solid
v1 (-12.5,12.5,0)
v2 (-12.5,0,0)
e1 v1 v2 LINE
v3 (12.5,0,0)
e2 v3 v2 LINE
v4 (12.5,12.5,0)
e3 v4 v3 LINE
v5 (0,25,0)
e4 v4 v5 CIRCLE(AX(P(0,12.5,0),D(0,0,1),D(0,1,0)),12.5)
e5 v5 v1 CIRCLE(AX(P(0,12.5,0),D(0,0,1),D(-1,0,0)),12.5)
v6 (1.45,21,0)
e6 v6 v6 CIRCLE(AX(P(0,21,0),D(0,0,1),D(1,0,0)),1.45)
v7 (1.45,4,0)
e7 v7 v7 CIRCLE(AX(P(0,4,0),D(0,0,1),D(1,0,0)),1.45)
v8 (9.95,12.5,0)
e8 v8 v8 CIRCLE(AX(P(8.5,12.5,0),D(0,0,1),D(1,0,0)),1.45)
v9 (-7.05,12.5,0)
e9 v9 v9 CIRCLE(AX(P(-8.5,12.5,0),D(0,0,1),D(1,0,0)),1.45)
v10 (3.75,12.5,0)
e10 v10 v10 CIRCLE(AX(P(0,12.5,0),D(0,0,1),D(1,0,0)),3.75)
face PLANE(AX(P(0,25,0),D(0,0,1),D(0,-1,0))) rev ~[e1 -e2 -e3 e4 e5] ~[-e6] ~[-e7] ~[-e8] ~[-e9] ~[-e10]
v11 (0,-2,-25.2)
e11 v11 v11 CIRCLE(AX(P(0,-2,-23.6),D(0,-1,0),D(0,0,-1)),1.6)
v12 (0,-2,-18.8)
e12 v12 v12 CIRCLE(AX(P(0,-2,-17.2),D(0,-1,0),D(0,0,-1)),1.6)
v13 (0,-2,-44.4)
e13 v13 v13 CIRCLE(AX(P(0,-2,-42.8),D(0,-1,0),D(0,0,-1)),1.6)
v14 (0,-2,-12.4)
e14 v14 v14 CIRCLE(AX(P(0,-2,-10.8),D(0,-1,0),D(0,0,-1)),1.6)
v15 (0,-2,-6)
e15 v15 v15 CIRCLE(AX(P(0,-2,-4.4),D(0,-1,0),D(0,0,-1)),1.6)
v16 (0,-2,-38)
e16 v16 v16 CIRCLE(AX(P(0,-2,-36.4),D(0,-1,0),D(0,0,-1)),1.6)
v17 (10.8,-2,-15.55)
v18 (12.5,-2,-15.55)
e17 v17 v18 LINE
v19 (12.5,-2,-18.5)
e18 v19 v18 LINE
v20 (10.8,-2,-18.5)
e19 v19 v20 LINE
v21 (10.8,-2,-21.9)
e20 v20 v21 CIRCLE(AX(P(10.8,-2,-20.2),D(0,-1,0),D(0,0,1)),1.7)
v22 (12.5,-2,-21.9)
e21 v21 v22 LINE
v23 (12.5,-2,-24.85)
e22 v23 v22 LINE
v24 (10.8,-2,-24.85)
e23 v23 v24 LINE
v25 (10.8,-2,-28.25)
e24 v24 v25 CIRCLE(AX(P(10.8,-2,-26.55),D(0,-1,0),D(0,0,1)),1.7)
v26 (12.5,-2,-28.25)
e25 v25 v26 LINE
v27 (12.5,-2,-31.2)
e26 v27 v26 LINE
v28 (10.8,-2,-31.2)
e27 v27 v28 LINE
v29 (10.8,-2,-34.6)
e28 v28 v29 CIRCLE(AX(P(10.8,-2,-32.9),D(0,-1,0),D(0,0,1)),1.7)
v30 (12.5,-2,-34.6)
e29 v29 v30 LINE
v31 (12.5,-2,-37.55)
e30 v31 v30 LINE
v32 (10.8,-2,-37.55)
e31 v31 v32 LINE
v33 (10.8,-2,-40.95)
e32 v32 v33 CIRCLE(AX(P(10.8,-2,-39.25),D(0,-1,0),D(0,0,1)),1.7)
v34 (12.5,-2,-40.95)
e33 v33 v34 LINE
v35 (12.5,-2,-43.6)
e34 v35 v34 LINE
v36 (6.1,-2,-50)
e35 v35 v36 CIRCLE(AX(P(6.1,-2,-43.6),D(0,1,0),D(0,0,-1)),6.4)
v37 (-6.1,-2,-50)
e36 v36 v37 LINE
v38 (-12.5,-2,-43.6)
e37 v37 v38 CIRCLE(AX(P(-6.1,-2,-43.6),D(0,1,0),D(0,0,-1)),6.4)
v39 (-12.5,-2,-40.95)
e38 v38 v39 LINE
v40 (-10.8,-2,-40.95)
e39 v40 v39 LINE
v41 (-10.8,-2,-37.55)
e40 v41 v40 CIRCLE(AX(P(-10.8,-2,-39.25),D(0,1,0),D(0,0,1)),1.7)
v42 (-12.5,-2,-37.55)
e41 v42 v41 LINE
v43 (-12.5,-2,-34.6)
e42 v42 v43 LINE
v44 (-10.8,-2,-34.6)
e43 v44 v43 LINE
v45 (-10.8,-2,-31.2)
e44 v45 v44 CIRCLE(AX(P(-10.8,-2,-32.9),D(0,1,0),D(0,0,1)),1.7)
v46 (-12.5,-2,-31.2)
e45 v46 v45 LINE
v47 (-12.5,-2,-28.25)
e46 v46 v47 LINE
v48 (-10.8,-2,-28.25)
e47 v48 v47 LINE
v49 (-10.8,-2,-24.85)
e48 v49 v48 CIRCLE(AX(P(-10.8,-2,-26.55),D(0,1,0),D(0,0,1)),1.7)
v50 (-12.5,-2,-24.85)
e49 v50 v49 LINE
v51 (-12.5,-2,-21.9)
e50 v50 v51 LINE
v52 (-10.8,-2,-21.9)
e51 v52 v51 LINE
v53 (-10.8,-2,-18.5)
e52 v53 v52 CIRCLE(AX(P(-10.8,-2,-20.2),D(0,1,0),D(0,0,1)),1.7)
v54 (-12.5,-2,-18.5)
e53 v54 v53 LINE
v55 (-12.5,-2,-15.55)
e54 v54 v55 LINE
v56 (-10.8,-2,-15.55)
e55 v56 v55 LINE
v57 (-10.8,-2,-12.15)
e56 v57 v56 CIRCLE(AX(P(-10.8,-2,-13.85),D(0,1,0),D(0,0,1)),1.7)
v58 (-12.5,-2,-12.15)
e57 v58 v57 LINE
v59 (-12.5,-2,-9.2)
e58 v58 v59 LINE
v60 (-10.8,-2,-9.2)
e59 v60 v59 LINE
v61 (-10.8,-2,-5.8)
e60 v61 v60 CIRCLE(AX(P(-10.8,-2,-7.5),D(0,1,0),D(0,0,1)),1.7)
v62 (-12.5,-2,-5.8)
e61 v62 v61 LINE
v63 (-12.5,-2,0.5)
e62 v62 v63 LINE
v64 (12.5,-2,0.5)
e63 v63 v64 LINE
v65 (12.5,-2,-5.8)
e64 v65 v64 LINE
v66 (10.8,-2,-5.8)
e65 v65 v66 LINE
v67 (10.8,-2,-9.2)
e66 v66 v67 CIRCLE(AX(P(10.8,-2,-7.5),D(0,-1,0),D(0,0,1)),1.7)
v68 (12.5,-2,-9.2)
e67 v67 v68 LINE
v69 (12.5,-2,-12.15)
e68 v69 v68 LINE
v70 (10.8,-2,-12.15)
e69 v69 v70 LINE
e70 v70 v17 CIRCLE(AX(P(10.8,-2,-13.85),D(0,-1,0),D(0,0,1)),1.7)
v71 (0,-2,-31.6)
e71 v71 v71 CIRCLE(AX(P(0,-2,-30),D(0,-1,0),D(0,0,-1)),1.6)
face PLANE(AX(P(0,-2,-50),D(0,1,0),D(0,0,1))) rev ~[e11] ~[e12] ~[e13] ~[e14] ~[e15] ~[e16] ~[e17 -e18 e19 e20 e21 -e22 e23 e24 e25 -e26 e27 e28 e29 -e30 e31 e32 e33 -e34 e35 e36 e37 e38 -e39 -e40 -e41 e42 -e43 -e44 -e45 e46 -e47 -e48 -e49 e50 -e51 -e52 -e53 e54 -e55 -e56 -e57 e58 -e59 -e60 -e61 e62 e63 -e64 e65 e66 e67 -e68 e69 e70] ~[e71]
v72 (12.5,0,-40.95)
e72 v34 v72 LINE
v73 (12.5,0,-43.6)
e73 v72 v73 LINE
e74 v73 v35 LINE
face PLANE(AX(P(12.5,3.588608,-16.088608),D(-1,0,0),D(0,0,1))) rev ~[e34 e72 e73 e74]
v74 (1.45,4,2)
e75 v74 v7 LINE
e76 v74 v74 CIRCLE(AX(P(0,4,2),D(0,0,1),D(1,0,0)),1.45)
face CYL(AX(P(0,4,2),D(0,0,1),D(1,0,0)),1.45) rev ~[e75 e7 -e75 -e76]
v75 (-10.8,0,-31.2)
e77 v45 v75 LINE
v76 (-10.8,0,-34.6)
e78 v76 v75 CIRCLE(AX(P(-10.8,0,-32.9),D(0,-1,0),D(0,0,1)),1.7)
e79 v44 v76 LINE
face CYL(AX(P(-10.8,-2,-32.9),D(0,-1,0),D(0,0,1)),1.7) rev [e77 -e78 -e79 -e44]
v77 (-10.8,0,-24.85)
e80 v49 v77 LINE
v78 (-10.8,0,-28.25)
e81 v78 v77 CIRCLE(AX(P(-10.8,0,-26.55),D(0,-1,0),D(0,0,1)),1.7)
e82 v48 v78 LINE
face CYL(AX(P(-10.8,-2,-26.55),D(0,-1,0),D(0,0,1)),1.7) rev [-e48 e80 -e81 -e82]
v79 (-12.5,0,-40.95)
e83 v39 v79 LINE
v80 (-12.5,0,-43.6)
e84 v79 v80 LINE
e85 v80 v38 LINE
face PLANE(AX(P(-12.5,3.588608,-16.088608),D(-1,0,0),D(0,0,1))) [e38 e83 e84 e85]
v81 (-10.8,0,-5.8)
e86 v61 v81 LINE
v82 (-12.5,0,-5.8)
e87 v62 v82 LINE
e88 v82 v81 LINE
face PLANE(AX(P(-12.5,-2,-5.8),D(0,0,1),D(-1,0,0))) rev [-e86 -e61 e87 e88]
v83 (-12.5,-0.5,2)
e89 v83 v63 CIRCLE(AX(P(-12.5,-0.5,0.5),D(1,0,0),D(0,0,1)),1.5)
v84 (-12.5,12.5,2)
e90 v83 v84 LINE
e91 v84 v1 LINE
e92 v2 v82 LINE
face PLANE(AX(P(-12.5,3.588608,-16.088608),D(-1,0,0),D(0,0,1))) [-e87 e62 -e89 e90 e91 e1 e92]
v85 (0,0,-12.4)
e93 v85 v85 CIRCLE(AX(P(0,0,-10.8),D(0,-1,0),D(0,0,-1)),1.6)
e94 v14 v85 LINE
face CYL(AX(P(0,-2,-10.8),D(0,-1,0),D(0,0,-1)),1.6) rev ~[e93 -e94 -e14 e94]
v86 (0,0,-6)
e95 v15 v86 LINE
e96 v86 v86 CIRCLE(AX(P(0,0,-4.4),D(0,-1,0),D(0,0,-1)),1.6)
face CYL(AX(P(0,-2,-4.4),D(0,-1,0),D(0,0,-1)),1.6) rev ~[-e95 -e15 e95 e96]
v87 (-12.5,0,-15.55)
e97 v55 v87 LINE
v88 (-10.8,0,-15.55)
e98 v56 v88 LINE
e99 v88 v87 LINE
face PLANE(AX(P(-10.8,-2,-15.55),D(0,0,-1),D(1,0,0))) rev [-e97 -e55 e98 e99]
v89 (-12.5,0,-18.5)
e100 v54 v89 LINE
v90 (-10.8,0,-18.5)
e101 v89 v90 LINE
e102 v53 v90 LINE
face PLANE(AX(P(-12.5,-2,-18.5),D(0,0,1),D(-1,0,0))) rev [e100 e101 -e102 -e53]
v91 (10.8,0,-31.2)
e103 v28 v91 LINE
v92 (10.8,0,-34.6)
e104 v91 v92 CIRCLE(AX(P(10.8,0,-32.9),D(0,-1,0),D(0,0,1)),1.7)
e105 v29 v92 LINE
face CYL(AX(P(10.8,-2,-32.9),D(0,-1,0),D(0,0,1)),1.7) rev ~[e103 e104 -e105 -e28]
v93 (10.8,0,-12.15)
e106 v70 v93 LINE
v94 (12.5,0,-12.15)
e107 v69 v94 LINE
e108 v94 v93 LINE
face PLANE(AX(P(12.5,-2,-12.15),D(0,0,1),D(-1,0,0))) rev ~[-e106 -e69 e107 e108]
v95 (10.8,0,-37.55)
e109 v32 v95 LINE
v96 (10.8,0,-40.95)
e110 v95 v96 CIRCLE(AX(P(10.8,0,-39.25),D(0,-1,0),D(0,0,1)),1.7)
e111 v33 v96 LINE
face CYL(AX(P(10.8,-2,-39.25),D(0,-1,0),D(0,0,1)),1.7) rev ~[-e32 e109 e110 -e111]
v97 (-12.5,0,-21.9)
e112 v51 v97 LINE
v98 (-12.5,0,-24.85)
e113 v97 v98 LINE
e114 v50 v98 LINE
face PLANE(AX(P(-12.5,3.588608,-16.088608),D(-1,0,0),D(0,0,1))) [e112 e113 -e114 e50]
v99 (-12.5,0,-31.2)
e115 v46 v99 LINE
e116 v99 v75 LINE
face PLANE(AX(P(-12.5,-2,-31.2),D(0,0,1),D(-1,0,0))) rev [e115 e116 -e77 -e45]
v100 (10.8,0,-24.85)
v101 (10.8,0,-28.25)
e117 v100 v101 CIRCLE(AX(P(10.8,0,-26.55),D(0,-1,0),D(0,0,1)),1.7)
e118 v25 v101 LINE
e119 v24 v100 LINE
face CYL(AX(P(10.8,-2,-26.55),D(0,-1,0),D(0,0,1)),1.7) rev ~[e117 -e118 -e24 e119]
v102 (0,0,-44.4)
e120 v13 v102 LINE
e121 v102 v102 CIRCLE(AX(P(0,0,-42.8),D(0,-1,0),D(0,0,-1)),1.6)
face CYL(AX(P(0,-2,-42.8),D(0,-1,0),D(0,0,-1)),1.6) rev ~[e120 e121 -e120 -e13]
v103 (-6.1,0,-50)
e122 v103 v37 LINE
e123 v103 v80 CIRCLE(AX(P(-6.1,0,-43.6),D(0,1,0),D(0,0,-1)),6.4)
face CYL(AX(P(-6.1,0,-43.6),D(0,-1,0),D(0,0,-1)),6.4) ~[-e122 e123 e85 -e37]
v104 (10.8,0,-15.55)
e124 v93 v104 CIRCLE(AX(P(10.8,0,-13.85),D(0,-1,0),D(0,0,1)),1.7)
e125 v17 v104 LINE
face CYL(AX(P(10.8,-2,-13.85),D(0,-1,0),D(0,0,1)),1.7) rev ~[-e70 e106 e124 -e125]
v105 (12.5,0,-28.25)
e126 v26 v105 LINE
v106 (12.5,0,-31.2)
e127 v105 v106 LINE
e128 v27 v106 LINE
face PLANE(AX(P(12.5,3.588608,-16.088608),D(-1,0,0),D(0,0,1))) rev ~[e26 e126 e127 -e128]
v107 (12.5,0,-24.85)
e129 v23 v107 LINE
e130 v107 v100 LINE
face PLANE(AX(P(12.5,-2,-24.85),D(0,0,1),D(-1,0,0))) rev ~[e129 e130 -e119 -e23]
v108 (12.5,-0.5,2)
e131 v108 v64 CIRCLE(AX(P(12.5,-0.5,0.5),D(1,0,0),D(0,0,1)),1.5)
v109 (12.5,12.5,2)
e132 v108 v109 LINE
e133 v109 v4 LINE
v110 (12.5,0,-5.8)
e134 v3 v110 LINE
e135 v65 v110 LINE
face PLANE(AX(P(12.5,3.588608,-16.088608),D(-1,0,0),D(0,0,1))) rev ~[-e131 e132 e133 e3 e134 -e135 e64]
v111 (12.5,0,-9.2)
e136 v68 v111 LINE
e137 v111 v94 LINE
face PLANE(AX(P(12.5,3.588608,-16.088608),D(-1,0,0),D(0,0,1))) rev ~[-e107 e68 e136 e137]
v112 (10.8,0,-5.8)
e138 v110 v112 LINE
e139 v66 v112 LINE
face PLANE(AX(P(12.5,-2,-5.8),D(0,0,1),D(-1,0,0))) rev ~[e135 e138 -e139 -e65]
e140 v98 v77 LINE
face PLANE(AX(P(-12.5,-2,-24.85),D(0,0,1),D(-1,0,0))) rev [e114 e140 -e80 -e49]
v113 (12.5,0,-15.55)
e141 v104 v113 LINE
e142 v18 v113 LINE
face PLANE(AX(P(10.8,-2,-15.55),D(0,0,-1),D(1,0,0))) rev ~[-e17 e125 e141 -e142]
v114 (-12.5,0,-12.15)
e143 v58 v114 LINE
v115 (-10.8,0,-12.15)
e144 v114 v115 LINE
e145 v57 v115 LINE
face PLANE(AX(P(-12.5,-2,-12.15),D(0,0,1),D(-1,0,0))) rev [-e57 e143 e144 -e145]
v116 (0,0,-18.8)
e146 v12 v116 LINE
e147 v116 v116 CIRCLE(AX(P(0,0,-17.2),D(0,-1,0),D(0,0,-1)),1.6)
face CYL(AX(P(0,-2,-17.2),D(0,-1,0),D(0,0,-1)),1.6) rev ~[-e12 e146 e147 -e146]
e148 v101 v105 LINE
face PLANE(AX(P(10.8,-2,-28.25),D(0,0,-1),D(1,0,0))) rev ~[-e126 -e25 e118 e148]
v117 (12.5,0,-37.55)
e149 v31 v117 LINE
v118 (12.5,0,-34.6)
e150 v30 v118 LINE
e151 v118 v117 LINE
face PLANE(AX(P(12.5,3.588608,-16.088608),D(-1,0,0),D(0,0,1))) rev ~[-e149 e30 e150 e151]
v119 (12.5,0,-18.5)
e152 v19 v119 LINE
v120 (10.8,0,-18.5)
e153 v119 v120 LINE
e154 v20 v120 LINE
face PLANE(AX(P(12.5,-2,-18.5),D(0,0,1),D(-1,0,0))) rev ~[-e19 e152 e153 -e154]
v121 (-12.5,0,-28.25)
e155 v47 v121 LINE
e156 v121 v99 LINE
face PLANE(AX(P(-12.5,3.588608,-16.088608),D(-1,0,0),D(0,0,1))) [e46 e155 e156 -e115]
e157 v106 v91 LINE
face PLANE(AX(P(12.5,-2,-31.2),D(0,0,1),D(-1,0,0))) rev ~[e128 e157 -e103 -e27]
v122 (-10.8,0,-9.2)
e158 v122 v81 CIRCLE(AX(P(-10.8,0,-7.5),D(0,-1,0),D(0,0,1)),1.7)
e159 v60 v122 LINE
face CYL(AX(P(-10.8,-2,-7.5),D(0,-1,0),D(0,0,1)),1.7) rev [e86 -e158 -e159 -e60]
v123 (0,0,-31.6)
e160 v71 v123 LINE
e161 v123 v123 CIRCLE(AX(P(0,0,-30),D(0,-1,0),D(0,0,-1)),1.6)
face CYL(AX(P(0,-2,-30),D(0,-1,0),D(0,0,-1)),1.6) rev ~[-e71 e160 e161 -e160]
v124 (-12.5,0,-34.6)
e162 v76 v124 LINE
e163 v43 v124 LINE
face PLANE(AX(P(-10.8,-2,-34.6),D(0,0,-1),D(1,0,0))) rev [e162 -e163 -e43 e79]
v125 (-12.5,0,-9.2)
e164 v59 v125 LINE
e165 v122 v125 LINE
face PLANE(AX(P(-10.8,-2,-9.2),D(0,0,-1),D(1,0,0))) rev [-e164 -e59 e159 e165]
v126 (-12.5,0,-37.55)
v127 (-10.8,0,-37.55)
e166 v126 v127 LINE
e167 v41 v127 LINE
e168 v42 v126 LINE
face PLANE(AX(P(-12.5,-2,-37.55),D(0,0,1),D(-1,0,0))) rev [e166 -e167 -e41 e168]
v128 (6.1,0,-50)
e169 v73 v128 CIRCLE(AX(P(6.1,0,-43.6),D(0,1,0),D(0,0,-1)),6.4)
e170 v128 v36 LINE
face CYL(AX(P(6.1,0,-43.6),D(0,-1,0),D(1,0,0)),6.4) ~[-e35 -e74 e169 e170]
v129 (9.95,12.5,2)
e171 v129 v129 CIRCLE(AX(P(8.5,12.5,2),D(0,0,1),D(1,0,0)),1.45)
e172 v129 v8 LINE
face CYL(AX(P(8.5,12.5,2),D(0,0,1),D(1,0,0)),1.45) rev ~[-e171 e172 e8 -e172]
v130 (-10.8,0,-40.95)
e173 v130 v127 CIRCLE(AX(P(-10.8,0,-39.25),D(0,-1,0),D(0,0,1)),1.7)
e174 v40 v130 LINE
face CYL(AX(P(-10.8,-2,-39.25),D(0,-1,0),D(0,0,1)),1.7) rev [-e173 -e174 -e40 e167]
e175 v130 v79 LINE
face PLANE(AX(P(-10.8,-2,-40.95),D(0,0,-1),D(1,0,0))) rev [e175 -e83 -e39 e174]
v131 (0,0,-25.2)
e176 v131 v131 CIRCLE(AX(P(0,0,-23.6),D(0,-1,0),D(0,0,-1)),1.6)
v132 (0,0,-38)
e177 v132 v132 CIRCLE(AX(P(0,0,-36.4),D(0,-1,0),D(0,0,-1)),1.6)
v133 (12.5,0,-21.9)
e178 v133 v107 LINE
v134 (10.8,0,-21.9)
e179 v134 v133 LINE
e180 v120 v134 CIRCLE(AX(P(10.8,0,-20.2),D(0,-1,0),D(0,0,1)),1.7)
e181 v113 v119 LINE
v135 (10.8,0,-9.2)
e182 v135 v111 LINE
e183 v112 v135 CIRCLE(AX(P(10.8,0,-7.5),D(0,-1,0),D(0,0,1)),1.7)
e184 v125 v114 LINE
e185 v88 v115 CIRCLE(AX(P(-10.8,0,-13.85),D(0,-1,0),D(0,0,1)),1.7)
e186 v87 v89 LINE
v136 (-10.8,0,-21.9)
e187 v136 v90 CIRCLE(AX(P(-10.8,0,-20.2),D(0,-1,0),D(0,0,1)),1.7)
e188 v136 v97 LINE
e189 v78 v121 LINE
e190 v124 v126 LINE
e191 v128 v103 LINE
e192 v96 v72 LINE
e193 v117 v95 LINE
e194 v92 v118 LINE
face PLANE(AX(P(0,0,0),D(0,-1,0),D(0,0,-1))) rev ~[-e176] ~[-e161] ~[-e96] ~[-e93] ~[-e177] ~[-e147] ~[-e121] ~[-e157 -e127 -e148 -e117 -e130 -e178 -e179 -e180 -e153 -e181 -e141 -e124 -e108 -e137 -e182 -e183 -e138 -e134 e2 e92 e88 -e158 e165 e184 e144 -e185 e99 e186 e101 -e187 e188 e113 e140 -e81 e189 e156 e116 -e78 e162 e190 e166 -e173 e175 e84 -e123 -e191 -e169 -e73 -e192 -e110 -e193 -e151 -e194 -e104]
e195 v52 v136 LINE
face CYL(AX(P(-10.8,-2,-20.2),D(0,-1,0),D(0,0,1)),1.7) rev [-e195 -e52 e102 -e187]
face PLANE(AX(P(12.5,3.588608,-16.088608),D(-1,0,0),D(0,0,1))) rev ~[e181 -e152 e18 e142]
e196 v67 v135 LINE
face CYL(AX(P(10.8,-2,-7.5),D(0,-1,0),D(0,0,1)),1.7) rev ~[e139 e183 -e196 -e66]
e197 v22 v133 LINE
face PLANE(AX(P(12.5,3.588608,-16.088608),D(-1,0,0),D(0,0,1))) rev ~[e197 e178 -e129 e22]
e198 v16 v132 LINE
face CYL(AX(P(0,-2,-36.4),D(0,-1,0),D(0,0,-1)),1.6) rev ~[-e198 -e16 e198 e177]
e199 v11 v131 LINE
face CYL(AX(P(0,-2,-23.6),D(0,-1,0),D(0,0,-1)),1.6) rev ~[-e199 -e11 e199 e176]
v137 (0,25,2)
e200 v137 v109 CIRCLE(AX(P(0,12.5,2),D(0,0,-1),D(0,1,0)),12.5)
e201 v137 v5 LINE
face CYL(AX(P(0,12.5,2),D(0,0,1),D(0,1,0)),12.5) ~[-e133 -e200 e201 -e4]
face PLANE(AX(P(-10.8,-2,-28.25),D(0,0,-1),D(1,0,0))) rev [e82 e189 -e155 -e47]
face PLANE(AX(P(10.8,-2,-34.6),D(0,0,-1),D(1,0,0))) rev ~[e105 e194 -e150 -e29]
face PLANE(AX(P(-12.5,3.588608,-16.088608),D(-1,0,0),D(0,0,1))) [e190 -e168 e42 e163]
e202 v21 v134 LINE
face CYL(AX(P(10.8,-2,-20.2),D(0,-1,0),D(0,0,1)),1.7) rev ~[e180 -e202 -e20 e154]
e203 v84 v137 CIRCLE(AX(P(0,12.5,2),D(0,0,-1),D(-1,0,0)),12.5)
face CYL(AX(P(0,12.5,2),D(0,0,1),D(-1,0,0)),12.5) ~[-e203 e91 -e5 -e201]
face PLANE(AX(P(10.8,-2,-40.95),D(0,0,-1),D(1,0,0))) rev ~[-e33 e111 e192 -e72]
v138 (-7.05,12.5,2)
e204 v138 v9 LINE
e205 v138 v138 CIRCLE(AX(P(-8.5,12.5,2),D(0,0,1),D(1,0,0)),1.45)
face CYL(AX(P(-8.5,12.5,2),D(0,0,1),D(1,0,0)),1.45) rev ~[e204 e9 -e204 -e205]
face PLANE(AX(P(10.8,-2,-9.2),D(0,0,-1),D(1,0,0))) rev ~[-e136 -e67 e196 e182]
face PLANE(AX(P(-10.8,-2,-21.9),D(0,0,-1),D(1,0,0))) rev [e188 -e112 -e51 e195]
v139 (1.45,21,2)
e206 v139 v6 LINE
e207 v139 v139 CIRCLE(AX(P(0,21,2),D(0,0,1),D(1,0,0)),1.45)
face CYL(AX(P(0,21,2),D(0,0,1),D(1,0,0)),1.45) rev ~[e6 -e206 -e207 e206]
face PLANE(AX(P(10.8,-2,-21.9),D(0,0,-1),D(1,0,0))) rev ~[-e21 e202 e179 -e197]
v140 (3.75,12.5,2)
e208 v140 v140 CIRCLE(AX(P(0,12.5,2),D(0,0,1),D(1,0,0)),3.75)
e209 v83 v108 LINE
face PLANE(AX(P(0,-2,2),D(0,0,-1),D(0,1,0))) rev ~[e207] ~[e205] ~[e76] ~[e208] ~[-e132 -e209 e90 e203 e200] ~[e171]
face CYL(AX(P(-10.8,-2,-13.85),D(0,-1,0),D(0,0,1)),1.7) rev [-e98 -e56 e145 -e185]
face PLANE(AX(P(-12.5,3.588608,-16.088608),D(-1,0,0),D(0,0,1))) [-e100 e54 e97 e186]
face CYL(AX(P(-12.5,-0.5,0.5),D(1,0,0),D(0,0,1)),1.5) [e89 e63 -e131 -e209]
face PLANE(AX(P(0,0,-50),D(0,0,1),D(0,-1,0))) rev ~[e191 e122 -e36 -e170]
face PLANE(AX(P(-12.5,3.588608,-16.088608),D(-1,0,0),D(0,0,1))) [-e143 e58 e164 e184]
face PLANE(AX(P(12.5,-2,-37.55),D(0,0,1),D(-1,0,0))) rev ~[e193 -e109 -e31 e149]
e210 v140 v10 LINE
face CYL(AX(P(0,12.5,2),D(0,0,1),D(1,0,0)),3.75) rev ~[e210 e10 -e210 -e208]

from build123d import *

# Parameters (mm, degrees)
BOSS_EXTRUDE1_DEPTH = 12.5
FILLET1_R           = 1.5
SKETCH3_R           = 1.45
SKETCH3_R_2         = 3.75
CUT_EXTRUDE1_DEPTH  = 60.036005962
SKETCH5_R           = 1.6
CUT_EXTRUDE2_DEPTH  = 59.182901268
CUT_EXTRUDE3_DEPTH  = 59.182901268
FILLET2_R           = 6.4


with BuildPart() as part:
    # Sketch1 → Boss-Extrude1 (new, symmetric)
    with BuildSketch(Plane(origin=(0, 0, 0), x_dir=(0, 0, -1), z_dir=(1, 0, 0))):
        Polygon((0, 25), (0, 0), (50, 0), (50, -2), (-2, -2), (-2, 25), align=None)
    extrude(amount=BOSS_EXTRUDE1_DEPTH, both=True)

    # Fillet1
    fillet1_edges = [part.edges().sort_by_distance(p)[0] for p in [
        (0, -2, 2),
    ]]
    fillet(fillet1_edges, radius=FILLET1_R)

    # Sketch3 → Cut-Extrude1 (cut, through all)
    with BuildSketch(Plane.XY.offset(2)):
        with BuildLine():
            ThreePointArc((-12.5, 12.5), (-8.838834765, 21.338834765), (0, 25))
            Line((0, 25), (-12.5, 25))
            Line((-12.5, 25), (-12.5, 12.5))
        make_face()
        with BuildLine():
            ThreePointArc((0, 25), (8.838834765, 21.338834765), (12.5, 12.5))
            Line((12.5, 12.5), (12.5, 25))
            Line((12.5, 25), (0, 25))
        make_face()
        with Locations((0, 21)):
            Circle(SKETCH3_R)
        with Locations((0, 12.5)):
            Circle(SKETCH3_R_2)
        with Locations((-8.5, 12.5)):
            Circle(SKETCH3_R)
        with Locations((0, 4)):
            Circle(SKETCH3_R)
        with Locations((8.5, 12.5)):
            Circle(SKETCH3_R)
    extrude(amount=-CUT_EXTRUDE1_DEPTH, mode=Mode.SUBTRACT)

    # Sketch5 → Cut-Extrude2 (cut, through all)
    with BuildSketch(Plane.XZ.offset(2)):
        with Locations(Location((0, -42.8, 0), (0, 0, 270))):
            Circle(SKETCH5_R)
        with Locations(Location((0, -36.4, 0), (0, 0, 270))):
            Circle(SKETCH5_R)
        with Locations(Location((0, -30, 0), (0, 0, 270))):
            Circle(SKETCH5_R)
        with Locations(Location((0, -23.6, 0), (0, 0, 270))):
            Circle(SKETCH5_R)
        with Locations(Location((0, -17.2, 0), (0, 0, 270))):
            Circle(SKETCH5_R)
        with Locations(Location((0, -10.8, 0), (0, 0, 270))):
            Circle(SKETCH5_R)
        with Locations(Location((0, -4.4, 0), (0, 0, 270))):
            Circle(SKETCH5_R)
    extrude(amount=-CUT_EXTRUDE2_DEPTH, mode=Mode.SUBTRACT)

    # Sketch6 → Cut-Extrude3 (cut, through all)
    with BuildSketch(Plane.XZ.offset(2)):
        with BuildLine():
            Line((12.5, -40.95), (12.5, -37.55))
            Line((12.5, -37.55), (10.8, -37.55))
            ThreePointArc((10.8, -37.55), (9.1, -39.25), (10.8, -40.95))
            Line((10.8, -40.95), (12.5, -40.95))
        make_face()
        with BuildLine():
            Line((10.8, -34.6), (12.5, -34.6))
            Line((12.5, -34.6), (12.5, -31.2))
            Line((12.5, -31.2), (10.8, -31.2))
            ThreePointArc((10.8, -31.2), (9.1, -32.9), (10.8, -34.6))
        make_face()
        with BuildLine():
            Line((12.5, -5.8), (10.8, -5.8))
            ThreePointArc((10.8, -5.8), (9.1, -7.5), (10.8, -9.2))
            Line((10.8, -9.2), (12.5, -9.2))
            Line((12.5, -9.2), (12.5, -5.8))
        make_face()
        with BuildLine():
            Line((10.8, -28.25), (12.5, -28.25))
            Line((12.5, -28.25), (12.5, -24.85))
            Line((12.5, -24.85), (10.8, -24.85))
            ThreePointArc((10.8, -24.85), (9.1, -26.55), (10.8, -28.25))
        make_face()
        with BuildLine():
            Line((12.5, -12.15), (10.8, -12.15))
            ThreePointArc((10.8, -12.15), (9.1, -13.85), (10.8, -15.55))
            Line((10.8, -15.55), (12.5, -15.55))
            Line((12.5, -15.55), (12.5, -12.15))
        make_face()
        with BuildLine():
            Line((10.8, -21.9), (12.5, -21.9))
            Line((12.5, -21.9), (12.5, -18.5))
            Line((12.5, -18.5), (10.8, -18.5))
            ThreePointArc((10.8, -18.5), (9.1, -20.2), (10.8, -21.9))
        make_face()
    cut_extrude3 = extrude(amount=-CUT_EXTRUDE3_DEPTH, mode=Mode.SUBTRACT)

    # Mirror1: Cut-Extrude3 across plane
    add(cut_extrude3.mirror(Plane(origin=(0, 0, 0), x_dir=(0, 0, 1), z_dir=(1, 0, 0))), mode=Mode.SUBTRACT)

    # Fillet2
    fillet2_edges = [part.edges().sort_by_distance(p)[0] for p in [
        (12.5, -1, -50),
        (-12.5, -1, -50),
    ]]
    fillet(fillet2_edges, radius=FILLET2_R)


solid = part.part
